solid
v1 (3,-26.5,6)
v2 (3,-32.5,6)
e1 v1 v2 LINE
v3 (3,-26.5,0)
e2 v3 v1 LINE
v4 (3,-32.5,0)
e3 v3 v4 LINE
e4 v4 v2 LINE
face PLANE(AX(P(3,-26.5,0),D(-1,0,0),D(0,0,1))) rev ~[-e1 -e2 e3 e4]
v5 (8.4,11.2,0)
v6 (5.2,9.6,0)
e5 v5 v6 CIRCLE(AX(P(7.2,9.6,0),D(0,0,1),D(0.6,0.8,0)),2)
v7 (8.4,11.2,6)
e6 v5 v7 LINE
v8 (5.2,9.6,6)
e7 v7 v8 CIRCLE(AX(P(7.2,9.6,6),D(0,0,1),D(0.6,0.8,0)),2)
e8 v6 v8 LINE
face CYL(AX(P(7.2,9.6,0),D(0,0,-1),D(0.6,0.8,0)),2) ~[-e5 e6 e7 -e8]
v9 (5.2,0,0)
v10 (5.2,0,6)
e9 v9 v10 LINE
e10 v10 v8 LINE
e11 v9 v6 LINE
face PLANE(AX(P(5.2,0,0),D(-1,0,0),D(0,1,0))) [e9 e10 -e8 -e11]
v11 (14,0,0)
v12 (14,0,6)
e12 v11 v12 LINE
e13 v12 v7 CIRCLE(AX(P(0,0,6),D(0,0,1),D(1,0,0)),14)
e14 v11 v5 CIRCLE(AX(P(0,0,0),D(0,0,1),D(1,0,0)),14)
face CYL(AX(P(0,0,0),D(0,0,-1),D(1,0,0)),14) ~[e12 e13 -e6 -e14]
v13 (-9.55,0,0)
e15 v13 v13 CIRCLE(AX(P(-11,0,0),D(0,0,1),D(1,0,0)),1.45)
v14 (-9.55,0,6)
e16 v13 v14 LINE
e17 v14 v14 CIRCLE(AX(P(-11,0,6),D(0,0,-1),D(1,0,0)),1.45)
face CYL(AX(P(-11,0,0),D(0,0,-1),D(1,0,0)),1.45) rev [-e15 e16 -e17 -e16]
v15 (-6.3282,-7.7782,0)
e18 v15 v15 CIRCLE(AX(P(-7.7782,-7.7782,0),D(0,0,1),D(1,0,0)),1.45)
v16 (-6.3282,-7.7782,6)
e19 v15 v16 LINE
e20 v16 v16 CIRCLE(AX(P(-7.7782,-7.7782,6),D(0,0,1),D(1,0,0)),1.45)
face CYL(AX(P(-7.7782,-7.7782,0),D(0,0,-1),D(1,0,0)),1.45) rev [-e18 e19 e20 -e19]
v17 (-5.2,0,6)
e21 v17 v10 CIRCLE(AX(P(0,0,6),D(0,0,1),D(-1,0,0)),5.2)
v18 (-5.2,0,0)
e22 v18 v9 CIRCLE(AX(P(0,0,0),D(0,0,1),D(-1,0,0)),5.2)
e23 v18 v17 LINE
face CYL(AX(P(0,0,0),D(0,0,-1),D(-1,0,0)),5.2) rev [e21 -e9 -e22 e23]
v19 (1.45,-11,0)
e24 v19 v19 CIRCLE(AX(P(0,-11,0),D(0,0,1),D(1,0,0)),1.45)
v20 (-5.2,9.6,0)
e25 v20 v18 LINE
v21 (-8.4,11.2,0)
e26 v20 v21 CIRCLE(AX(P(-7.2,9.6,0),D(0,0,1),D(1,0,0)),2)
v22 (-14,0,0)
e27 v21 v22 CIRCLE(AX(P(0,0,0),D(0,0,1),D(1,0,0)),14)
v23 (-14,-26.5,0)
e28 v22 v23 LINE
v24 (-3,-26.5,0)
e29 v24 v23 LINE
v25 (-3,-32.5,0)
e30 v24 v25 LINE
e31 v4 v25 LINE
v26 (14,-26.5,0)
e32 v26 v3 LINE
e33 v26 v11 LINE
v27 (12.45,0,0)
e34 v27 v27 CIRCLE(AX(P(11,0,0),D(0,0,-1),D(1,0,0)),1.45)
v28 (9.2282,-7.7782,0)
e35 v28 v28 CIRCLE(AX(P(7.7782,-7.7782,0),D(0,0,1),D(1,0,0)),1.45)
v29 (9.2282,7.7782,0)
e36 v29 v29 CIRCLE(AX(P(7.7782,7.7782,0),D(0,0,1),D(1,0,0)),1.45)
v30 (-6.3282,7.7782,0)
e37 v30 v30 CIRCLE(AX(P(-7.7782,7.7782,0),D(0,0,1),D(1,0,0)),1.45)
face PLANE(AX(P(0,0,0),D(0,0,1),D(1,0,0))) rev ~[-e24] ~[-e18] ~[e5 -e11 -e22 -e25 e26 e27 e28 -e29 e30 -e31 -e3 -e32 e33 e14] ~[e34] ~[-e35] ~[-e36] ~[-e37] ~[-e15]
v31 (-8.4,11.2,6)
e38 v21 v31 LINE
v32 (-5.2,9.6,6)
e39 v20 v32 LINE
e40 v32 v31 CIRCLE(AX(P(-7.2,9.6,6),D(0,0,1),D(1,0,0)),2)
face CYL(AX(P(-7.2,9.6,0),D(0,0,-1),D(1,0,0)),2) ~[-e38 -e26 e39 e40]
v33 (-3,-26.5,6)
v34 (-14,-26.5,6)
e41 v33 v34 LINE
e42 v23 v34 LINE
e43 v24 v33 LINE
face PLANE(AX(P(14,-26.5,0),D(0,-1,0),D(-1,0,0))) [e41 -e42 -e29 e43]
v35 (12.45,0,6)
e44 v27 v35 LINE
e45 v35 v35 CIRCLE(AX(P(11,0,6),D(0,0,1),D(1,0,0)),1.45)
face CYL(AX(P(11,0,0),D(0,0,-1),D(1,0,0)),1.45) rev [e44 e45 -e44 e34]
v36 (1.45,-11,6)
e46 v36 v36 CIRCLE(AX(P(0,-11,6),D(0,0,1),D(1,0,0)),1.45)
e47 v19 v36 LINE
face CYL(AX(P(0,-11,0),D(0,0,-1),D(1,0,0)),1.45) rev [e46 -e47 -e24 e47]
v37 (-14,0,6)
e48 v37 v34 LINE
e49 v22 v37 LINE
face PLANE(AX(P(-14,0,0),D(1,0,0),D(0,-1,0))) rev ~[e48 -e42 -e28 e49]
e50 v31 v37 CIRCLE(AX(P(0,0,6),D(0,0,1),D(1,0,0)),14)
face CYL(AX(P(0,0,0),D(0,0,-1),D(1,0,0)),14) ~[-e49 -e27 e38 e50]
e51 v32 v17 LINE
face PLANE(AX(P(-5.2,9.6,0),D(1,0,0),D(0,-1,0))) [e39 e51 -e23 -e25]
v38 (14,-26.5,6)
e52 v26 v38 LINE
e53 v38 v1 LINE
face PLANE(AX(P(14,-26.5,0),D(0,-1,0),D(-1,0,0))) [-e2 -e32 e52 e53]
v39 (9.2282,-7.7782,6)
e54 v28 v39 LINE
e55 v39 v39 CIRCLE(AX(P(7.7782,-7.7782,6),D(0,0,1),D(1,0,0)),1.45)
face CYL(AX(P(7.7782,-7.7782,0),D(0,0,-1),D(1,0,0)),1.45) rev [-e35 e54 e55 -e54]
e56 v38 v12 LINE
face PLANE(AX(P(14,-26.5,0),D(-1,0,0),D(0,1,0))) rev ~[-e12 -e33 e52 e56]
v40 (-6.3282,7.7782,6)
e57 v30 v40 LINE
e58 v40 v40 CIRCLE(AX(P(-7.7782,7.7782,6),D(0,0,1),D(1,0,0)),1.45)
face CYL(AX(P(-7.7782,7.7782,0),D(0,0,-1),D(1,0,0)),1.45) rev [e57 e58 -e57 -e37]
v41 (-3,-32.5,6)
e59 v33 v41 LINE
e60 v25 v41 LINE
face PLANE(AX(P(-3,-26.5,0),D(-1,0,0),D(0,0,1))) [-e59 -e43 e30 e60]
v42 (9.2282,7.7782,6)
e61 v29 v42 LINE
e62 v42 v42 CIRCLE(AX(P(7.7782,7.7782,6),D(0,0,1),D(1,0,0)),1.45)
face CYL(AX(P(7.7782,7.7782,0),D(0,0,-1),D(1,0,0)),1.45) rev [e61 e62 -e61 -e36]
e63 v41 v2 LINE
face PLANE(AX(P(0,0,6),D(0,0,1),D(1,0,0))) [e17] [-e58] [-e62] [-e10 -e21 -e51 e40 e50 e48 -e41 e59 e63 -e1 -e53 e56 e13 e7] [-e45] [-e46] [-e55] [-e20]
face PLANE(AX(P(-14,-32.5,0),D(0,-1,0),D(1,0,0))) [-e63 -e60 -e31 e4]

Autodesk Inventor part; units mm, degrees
ref_plane "YZ Plane" through (0, 0, 0) normal (1, 0, 0) x (0, 1, 0)
ref_plane "XZ Plane" through (0, 0, 0) normal (0, 1, 0) x (-1, 0, 0)
ref_plane "XY Plane" through (0, 0, 0) normal (0, 0, 1) x (1, 0, 0)
sketch "스케치1" plane through (0, 0, 0) normal (0, 0, 1) x (1, 0, 0)
  circle A0 centre (0, 0) radius 14 projected
  circle A1 centre (-7.7782, 7.7782) radius 1.45
  circle A2 centre (-11, 0) radius 1.45
  circle A3 centre (-7.7782, -7.7782) radius 1.45
  circle A4 centre (0, -11) radius 1.45
  circle A5 centre (7.7782, -7.7782) radius 1.45
  circle A6 centre (11, 0) radius 1.45
  circle A7 centre (7.7782, 7.7782) radius 1.45
  circle A8 centre (0, 11) radius 1.45
  arc A9 (-5.2, 0) -> (5.2, 0) centre (0, 0) ccw
  line L0 (-5.2, 0) -> (5.2, 0)
  line L1 (5.2, 0) -> (5.2, 9.6)
  line L2 (-5.2, 9.6) -> (-5.2, 0)
  arc A10 (-8.4, 11.2) -> (8.4, 11.2) centre (0, 0) ccw
  arc A11 (-5.2, 9.6) -> (-8.4, 11.2) centre (-7.2, 9.6) ccw
  arc A12 (8.4, 11.2) -> (5.2, 9.6) centre (7.2, 9.6) ccw
  line L3 (22.8, -32.5) -> (-127.2, -32.5) projected
  line L4 (-127.2, -32.5) -> (-127.2, -26.5) projected
  line L5 (22.8, -26.5) -> (-127.2, -26.5) projected
  line L6 (22.8, -32.5) -> (22.8, -26.5) projected
  line L7 (14, 0) -> (-14, 0)
  line L8 (-14, 0) -> (-14, -26.5)
  line L9 (-14, -26.5) -> (14, -26.5)
  line L10 (14, -26.5) -> (14, 0)
  point P0 (5.2, 12.9985)
  point P1 (-5.2, 12.9985)
  point P2 (-8.4, 11.2)
  point P3 (8.4, 11.2)
  point P4 (14, -26.5)
  point P5 (-14, 0)
  dimension "d3" = 360
  dimension "d6" = 2
extrude "돌출1" add sketch "스케치1" along normal blind 6 contours L7 A6 L1 A12 A0 | L10 L5 L8 A0 | A0 L7 A2 A9 A6 | A0 A11 L2 L7 A2
sketch "스케치2" plane through (-14, -26.5, 0) normal (0, -1, 0) x (1, 0, 0)
  line L0 (0, 0) -> (28, 0) projected
  line L1 (28, 0) -> (28, 6) projected
  line L2 (0, 6) -> (28, 6) projected
  line L3 (0, 0) -> (0, 6) projected
  line L4 (14, 6) -> (14, 0)
  line L5 (0, 6) -> (28, 6) projected
  line L6 (14, 0) -> (17, 0)
  line L7 (17, 0) -> (17, 6)
  line L8 (17, 6) -> (14, 6)
  line L9 (14, 6) -> (14, 0)
  line L10 (14, 0) -> (11, 0)
  line L11 (11, 0) -> (11, 6)
  line L12 (11, 6) -> (14, 6)
  line L13 (14, 6) -> (14, 0)
  dimension "d9" = 3
  dimension "d10" = 3
extrude "돌출2" add sketch "스케치2" along normal blind 6 contours L11 L2 L4 L0 | L4 L2 L7 L0
properties part number "thighs_waist_connect"
